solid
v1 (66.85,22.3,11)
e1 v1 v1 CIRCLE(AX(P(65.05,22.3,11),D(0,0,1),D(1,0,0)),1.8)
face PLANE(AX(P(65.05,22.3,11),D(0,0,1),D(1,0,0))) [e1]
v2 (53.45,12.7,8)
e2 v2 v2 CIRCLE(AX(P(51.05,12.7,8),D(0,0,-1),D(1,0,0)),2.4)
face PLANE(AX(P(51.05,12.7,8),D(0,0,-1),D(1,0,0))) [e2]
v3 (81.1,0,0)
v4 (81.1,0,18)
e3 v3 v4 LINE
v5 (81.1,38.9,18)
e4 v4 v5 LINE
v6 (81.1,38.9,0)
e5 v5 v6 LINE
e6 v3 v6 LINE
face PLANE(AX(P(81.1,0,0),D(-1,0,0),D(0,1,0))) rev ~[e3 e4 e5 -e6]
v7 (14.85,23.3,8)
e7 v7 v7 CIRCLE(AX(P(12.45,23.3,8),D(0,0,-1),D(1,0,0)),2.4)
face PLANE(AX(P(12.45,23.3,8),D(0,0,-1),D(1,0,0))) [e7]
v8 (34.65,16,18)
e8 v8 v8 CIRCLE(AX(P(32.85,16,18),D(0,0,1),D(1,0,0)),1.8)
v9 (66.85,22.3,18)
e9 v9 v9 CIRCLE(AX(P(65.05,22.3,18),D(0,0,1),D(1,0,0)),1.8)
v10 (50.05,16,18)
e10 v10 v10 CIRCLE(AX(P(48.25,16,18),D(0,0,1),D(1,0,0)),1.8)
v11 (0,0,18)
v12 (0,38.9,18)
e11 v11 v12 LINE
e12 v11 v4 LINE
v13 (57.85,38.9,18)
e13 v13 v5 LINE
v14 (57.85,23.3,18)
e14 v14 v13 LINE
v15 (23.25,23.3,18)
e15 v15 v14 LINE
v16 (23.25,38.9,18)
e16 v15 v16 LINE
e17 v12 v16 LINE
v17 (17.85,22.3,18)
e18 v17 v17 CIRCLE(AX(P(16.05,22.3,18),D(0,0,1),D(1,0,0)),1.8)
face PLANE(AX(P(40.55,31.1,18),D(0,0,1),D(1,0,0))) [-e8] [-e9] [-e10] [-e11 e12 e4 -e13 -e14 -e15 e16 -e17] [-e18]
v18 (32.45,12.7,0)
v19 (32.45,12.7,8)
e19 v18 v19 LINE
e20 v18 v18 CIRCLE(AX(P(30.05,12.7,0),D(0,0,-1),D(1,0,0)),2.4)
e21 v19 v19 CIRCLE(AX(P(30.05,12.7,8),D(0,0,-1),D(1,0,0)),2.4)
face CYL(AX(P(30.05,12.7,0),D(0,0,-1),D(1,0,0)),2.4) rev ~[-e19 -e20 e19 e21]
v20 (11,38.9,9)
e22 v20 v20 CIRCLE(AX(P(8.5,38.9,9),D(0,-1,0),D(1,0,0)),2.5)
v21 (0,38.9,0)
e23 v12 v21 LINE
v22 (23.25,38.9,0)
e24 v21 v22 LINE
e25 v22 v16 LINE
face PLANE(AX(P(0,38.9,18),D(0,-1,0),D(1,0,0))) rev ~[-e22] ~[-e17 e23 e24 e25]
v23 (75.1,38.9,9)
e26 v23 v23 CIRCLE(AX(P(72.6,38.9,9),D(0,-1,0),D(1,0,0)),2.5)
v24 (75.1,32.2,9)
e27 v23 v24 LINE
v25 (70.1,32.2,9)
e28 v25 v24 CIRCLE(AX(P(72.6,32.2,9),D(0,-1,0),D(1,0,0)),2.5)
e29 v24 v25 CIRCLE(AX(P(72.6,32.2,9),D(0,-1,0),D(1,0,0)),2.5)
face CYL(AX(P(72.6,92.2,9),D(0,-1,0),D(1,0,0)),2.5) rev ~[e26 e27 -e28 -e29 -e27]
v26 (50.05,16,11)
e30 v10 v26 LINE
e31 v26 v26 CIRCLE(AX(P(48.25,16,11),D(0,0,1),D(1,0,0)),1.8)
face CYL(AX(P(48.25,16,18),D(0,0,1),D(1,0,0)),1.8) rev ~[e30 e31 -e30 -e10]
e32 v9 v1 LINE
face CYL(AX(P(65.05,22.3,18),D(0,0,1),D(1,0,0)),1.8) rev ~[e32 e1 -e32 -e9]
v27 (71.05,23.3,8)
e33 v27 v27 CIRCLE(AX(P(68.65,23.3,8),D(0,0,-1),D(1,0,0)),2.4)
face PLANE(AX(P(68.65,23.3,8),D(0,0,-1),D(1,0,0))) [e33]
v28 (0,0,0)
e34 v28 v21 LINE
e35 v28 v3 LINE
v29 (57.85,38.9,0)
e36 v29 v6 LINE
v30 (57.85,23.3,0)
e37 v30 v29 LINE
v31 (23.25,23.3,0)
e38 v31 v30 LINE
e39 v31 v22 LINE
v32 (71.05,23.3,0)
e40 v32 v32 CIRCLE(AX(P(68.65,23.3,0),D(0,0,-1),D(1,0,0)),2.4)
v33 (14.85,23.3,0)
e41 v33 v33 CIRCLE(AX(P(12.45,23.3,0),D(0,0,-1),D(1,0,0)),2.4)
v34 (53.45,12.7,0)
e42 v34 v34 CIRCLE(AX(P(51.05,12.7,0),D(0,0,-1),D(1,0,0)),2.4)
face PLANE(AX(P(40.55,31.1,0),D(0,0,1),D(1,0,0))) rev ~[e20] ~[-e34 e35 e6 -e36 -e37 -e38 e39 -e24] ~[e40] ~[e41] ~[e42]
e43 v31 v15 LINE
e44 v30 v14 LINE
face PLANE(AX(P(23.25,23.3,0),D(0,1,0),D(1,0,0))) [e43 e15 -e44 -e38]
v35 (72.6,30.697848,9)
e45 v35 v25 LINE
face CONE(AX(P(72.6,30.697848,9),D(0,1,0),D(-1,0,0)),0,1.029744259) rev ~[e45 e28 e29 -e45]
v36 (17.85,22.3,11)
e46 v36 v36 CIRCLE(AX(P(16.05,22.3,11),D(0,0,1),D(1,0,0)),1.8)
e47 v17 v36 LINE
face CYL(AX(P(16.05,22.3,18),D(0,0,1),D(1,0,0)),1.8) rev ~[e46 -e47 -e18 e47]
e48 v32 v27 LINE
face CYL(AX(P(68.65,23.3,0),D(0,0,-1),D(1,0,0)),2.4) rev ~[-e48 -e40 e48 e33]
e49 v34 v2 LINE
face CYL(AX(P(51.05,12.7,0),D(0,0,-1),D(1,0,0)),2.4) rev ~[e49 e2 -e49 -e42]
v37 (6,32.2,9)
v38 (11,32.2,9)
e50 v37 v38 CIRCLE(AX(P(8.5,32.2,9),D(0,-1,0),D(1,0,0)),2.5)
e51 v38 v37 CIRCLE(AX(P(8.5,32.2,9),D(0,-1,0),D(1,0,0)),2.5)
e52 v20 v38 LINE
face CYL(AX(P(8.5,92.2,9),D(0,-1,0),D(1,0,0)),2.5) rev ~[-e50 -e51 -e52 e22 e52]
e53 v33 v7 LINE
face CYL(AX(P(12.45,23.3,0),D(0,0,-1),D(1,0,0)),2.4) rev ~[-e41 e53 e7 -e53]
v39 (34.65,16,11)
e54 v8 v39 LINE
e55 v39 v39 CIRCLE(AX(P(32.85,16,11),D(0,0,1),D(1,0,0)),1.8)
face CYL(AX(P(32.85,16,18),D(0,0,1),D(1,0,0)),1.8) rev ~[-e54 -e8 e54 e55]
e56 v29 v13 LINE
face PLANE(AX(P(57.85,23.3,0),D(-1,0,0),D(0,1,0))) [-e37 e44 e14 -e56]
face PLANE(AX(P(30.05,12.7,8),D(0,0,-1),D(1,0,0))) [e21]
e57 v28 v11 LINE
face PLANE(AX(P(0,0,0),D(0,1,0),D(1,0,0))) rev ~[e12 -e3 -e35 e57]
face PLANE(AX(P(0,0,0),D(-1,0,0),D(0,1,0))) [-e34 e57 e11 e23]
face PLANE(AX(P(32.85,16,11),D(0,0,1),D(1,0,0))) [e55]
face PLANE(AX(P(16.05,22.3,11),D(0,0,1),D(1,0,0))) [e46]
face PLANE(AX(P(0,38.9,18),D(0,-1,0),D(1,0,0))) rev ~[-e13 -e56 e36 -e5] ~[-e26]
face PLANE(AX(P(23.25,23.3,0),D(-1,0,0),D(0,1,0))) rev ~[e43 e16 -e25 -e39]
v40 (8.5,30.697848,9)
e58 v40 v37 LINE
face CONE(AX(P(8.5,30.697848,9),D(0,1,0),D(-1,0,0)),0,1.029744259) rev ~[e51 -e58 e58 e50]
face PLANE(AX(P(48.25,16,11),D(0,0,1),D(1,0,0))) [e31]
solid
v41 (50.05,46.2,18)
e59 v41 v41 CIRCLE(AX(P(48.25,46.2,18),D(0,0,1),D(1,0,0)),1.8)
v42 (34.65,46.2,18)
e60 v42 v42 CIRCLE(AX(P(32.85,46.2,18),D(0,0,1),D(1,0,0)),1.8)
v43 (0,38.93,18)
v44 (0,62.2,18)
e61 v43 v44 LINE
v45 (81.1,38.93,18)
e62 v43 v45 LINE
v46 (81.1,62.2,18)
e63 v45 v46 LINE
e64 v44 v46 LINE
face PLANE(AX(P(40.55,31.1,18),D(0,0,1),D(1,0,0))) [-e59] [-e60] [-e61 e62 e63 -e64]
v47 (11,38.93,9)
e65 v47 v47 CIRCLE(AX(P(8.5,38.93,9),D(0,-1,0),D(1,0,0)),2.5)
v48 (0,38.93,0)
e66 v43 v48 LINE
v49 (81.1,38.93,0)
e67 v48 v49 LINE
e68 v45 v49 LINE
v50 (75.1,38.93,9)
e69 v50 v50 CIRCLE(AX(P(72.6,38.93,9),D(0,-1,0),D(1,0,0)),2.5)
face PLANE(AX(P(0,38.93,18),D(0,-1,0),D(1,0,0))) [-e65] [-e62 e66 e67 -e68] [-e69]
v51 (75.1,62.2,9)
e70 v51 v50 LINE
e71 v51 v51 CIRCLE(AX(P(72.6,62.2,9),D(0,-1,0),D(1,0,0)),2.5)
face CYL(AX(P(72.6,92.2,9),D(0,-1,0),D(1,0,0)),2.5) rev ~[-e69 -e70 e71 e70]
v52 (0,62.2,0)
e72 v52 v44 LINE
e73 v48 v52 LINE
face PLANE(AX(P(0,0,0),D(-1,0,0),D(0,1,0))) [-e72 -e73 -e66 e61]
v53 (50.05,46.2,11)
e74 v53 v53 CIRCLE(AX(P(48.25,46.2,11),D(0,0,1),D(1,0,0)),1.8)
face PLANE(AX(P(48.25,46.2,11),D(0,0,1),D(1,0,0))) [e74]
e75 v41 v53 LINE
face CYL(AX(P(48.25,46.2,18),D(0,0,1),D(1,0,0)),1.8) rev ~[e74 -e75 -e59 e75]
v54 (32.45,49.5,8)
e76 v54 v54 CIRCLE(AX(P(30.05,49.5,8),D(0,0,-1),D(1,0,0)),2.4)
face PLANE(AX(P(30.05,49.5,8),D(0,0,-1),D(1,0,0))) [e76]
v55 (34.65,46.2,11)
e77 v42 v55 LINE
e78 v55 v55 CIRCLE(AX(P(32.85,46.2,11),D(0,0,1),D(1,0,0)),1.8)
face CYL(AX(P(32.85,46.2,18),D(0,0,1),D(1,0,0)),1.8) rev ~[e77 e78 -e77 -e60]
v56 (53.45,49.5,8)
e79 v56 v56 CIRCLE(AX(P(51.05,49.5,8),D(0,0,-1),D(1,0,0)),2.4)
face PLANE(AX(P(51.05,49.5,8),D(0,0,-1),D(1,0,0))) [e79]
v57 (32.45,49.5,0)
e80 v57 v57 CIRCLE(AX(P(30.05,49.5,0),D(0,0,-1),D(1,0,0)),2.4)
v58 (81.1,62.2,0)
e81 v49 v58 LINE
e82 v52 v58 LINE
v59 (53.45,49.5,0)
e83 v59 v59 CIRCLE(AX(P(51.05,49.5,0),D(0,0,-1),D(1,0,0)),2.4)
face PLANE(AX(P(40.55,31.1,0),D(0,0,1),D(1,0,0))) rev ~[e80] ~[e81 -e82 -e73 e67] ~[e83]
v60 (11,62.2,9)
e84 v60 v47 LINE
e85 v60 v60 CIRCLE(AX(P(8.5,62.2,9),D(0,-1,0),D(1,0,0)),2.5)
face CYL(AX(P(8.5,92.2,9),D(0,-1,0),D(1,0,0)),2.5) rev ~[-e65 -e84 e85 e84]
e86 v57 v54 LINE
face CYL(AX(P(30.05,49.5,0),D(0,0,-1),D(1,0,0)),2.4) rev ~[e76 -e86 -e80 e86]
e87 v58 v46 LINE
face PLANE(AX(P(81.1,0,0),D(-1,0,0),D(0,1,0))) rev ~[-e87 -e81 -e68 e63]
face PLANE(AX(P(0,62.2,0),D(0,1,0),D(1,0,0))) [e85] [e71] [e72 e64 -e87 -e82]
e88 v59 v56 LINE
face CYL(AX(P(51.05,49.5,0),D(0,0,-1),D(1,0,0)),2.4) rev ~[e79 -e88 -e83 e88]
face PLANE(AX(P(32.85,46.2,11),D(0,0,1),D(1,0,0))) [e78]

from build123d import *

# Parameters (mm, degrees)
F0_W     = 81.1
F0_H     = 62.2
F0_W_2   = 34.6
F0_H_2   = 15.6
F1_DEPTH = 18
F2_R     = 1.8
F3_DEPTH = 7
F4_R     = 2.4
F5_DEPTH = 8
F6_W     = 81.1
F6_H     = 0.03
F7_DEPTH = 18.001
F9_D     = 5
F9_DEPTH = 30
F9_TIP   = 1.5021515476


with BuildPart() as f1:
    # F0 (on Top) → F1 (new body)
    with BuildSketch(Plane.XY):
        with Locations((40.55, 31.1)):
            Rectangle(F0_W, F0_H)
        with Locations((40.55, 31.1)):
            Rectangle(F0_W_2, F0_H_2, mode=Mode.SUBTRACT)
    extrude(amount=F1_DEPTH)

    # F2 (on face) → F3 (cut)
    with BuildSketch(Plane.XY.offset(18)):
        with Locations((32.85, 46.2)):
            Circle(F2_R)
        with Locations((48.25, 46.2)):
            Circle(F2_R)
        with Locations((65.05, 22.3)):
            Circle(F2_R)
        with Locations((48.25, 16)):
            Circle(F2_R)
        with Locations((32.85, 16)):
            Circle(F2_R)
        with Locations((16.05, 22.3)):
            Circle(F2_R)
    extrude(amount=-F3_DEPTH, mode=Mode.SUBTRACT)

    # F4 (on face) → F5 (cut)
    with BuildSketch(Plane(origin=(0, 0, 0), x_dir=(1, 0, 0), z_dir=(0, 0, -1))):
        with Locations((51.05, -49.5)):
            Circle(F4_R)
        with Locations((30.05, -49.5)):
            Circle(F4_R)
        with Locations((12.45, -23.3)):
            Circle(F4_R)
        with Locations((30.05, -12.7)):
            Circle(F4_R)
        with Locations((51.05, -12.7)):
            Circle(F4_R)
        with Locations((68.65, -23.3)):
            Circle(F4_R)
    extrude(amount=-F5_DEPTH, mode=Mode.SUBTRACT)

    # F6 (on face) → F7 (cut, through all)
    with BuildSketch(Plane.XY.offset(18)):
        with Locations((40.55, 38.915)):
            Rectangle(F6_W, F6_H)
    extrude(amount=-F7_DEPTH, mode=Mode.SUBTRACT)

    # F9
    with Locations(Plane(origin=(0, 62.2, 0), x_dir=(-1, 0, 0), z_dir=(0, 1, 0))):
        with Locations((-8.5, 9), (-72.6, 9)):
            Hole(F9_D / 2, depth=F9_DEPTH)
            with Locations((0, 0, -(F9_DEPTH + F9_TIP / 2))):  # 118° drill point
                Cone(0, F9_D / 2, F9_TIP, mode=Mode.SUBTRACT)


solid = f1.part
